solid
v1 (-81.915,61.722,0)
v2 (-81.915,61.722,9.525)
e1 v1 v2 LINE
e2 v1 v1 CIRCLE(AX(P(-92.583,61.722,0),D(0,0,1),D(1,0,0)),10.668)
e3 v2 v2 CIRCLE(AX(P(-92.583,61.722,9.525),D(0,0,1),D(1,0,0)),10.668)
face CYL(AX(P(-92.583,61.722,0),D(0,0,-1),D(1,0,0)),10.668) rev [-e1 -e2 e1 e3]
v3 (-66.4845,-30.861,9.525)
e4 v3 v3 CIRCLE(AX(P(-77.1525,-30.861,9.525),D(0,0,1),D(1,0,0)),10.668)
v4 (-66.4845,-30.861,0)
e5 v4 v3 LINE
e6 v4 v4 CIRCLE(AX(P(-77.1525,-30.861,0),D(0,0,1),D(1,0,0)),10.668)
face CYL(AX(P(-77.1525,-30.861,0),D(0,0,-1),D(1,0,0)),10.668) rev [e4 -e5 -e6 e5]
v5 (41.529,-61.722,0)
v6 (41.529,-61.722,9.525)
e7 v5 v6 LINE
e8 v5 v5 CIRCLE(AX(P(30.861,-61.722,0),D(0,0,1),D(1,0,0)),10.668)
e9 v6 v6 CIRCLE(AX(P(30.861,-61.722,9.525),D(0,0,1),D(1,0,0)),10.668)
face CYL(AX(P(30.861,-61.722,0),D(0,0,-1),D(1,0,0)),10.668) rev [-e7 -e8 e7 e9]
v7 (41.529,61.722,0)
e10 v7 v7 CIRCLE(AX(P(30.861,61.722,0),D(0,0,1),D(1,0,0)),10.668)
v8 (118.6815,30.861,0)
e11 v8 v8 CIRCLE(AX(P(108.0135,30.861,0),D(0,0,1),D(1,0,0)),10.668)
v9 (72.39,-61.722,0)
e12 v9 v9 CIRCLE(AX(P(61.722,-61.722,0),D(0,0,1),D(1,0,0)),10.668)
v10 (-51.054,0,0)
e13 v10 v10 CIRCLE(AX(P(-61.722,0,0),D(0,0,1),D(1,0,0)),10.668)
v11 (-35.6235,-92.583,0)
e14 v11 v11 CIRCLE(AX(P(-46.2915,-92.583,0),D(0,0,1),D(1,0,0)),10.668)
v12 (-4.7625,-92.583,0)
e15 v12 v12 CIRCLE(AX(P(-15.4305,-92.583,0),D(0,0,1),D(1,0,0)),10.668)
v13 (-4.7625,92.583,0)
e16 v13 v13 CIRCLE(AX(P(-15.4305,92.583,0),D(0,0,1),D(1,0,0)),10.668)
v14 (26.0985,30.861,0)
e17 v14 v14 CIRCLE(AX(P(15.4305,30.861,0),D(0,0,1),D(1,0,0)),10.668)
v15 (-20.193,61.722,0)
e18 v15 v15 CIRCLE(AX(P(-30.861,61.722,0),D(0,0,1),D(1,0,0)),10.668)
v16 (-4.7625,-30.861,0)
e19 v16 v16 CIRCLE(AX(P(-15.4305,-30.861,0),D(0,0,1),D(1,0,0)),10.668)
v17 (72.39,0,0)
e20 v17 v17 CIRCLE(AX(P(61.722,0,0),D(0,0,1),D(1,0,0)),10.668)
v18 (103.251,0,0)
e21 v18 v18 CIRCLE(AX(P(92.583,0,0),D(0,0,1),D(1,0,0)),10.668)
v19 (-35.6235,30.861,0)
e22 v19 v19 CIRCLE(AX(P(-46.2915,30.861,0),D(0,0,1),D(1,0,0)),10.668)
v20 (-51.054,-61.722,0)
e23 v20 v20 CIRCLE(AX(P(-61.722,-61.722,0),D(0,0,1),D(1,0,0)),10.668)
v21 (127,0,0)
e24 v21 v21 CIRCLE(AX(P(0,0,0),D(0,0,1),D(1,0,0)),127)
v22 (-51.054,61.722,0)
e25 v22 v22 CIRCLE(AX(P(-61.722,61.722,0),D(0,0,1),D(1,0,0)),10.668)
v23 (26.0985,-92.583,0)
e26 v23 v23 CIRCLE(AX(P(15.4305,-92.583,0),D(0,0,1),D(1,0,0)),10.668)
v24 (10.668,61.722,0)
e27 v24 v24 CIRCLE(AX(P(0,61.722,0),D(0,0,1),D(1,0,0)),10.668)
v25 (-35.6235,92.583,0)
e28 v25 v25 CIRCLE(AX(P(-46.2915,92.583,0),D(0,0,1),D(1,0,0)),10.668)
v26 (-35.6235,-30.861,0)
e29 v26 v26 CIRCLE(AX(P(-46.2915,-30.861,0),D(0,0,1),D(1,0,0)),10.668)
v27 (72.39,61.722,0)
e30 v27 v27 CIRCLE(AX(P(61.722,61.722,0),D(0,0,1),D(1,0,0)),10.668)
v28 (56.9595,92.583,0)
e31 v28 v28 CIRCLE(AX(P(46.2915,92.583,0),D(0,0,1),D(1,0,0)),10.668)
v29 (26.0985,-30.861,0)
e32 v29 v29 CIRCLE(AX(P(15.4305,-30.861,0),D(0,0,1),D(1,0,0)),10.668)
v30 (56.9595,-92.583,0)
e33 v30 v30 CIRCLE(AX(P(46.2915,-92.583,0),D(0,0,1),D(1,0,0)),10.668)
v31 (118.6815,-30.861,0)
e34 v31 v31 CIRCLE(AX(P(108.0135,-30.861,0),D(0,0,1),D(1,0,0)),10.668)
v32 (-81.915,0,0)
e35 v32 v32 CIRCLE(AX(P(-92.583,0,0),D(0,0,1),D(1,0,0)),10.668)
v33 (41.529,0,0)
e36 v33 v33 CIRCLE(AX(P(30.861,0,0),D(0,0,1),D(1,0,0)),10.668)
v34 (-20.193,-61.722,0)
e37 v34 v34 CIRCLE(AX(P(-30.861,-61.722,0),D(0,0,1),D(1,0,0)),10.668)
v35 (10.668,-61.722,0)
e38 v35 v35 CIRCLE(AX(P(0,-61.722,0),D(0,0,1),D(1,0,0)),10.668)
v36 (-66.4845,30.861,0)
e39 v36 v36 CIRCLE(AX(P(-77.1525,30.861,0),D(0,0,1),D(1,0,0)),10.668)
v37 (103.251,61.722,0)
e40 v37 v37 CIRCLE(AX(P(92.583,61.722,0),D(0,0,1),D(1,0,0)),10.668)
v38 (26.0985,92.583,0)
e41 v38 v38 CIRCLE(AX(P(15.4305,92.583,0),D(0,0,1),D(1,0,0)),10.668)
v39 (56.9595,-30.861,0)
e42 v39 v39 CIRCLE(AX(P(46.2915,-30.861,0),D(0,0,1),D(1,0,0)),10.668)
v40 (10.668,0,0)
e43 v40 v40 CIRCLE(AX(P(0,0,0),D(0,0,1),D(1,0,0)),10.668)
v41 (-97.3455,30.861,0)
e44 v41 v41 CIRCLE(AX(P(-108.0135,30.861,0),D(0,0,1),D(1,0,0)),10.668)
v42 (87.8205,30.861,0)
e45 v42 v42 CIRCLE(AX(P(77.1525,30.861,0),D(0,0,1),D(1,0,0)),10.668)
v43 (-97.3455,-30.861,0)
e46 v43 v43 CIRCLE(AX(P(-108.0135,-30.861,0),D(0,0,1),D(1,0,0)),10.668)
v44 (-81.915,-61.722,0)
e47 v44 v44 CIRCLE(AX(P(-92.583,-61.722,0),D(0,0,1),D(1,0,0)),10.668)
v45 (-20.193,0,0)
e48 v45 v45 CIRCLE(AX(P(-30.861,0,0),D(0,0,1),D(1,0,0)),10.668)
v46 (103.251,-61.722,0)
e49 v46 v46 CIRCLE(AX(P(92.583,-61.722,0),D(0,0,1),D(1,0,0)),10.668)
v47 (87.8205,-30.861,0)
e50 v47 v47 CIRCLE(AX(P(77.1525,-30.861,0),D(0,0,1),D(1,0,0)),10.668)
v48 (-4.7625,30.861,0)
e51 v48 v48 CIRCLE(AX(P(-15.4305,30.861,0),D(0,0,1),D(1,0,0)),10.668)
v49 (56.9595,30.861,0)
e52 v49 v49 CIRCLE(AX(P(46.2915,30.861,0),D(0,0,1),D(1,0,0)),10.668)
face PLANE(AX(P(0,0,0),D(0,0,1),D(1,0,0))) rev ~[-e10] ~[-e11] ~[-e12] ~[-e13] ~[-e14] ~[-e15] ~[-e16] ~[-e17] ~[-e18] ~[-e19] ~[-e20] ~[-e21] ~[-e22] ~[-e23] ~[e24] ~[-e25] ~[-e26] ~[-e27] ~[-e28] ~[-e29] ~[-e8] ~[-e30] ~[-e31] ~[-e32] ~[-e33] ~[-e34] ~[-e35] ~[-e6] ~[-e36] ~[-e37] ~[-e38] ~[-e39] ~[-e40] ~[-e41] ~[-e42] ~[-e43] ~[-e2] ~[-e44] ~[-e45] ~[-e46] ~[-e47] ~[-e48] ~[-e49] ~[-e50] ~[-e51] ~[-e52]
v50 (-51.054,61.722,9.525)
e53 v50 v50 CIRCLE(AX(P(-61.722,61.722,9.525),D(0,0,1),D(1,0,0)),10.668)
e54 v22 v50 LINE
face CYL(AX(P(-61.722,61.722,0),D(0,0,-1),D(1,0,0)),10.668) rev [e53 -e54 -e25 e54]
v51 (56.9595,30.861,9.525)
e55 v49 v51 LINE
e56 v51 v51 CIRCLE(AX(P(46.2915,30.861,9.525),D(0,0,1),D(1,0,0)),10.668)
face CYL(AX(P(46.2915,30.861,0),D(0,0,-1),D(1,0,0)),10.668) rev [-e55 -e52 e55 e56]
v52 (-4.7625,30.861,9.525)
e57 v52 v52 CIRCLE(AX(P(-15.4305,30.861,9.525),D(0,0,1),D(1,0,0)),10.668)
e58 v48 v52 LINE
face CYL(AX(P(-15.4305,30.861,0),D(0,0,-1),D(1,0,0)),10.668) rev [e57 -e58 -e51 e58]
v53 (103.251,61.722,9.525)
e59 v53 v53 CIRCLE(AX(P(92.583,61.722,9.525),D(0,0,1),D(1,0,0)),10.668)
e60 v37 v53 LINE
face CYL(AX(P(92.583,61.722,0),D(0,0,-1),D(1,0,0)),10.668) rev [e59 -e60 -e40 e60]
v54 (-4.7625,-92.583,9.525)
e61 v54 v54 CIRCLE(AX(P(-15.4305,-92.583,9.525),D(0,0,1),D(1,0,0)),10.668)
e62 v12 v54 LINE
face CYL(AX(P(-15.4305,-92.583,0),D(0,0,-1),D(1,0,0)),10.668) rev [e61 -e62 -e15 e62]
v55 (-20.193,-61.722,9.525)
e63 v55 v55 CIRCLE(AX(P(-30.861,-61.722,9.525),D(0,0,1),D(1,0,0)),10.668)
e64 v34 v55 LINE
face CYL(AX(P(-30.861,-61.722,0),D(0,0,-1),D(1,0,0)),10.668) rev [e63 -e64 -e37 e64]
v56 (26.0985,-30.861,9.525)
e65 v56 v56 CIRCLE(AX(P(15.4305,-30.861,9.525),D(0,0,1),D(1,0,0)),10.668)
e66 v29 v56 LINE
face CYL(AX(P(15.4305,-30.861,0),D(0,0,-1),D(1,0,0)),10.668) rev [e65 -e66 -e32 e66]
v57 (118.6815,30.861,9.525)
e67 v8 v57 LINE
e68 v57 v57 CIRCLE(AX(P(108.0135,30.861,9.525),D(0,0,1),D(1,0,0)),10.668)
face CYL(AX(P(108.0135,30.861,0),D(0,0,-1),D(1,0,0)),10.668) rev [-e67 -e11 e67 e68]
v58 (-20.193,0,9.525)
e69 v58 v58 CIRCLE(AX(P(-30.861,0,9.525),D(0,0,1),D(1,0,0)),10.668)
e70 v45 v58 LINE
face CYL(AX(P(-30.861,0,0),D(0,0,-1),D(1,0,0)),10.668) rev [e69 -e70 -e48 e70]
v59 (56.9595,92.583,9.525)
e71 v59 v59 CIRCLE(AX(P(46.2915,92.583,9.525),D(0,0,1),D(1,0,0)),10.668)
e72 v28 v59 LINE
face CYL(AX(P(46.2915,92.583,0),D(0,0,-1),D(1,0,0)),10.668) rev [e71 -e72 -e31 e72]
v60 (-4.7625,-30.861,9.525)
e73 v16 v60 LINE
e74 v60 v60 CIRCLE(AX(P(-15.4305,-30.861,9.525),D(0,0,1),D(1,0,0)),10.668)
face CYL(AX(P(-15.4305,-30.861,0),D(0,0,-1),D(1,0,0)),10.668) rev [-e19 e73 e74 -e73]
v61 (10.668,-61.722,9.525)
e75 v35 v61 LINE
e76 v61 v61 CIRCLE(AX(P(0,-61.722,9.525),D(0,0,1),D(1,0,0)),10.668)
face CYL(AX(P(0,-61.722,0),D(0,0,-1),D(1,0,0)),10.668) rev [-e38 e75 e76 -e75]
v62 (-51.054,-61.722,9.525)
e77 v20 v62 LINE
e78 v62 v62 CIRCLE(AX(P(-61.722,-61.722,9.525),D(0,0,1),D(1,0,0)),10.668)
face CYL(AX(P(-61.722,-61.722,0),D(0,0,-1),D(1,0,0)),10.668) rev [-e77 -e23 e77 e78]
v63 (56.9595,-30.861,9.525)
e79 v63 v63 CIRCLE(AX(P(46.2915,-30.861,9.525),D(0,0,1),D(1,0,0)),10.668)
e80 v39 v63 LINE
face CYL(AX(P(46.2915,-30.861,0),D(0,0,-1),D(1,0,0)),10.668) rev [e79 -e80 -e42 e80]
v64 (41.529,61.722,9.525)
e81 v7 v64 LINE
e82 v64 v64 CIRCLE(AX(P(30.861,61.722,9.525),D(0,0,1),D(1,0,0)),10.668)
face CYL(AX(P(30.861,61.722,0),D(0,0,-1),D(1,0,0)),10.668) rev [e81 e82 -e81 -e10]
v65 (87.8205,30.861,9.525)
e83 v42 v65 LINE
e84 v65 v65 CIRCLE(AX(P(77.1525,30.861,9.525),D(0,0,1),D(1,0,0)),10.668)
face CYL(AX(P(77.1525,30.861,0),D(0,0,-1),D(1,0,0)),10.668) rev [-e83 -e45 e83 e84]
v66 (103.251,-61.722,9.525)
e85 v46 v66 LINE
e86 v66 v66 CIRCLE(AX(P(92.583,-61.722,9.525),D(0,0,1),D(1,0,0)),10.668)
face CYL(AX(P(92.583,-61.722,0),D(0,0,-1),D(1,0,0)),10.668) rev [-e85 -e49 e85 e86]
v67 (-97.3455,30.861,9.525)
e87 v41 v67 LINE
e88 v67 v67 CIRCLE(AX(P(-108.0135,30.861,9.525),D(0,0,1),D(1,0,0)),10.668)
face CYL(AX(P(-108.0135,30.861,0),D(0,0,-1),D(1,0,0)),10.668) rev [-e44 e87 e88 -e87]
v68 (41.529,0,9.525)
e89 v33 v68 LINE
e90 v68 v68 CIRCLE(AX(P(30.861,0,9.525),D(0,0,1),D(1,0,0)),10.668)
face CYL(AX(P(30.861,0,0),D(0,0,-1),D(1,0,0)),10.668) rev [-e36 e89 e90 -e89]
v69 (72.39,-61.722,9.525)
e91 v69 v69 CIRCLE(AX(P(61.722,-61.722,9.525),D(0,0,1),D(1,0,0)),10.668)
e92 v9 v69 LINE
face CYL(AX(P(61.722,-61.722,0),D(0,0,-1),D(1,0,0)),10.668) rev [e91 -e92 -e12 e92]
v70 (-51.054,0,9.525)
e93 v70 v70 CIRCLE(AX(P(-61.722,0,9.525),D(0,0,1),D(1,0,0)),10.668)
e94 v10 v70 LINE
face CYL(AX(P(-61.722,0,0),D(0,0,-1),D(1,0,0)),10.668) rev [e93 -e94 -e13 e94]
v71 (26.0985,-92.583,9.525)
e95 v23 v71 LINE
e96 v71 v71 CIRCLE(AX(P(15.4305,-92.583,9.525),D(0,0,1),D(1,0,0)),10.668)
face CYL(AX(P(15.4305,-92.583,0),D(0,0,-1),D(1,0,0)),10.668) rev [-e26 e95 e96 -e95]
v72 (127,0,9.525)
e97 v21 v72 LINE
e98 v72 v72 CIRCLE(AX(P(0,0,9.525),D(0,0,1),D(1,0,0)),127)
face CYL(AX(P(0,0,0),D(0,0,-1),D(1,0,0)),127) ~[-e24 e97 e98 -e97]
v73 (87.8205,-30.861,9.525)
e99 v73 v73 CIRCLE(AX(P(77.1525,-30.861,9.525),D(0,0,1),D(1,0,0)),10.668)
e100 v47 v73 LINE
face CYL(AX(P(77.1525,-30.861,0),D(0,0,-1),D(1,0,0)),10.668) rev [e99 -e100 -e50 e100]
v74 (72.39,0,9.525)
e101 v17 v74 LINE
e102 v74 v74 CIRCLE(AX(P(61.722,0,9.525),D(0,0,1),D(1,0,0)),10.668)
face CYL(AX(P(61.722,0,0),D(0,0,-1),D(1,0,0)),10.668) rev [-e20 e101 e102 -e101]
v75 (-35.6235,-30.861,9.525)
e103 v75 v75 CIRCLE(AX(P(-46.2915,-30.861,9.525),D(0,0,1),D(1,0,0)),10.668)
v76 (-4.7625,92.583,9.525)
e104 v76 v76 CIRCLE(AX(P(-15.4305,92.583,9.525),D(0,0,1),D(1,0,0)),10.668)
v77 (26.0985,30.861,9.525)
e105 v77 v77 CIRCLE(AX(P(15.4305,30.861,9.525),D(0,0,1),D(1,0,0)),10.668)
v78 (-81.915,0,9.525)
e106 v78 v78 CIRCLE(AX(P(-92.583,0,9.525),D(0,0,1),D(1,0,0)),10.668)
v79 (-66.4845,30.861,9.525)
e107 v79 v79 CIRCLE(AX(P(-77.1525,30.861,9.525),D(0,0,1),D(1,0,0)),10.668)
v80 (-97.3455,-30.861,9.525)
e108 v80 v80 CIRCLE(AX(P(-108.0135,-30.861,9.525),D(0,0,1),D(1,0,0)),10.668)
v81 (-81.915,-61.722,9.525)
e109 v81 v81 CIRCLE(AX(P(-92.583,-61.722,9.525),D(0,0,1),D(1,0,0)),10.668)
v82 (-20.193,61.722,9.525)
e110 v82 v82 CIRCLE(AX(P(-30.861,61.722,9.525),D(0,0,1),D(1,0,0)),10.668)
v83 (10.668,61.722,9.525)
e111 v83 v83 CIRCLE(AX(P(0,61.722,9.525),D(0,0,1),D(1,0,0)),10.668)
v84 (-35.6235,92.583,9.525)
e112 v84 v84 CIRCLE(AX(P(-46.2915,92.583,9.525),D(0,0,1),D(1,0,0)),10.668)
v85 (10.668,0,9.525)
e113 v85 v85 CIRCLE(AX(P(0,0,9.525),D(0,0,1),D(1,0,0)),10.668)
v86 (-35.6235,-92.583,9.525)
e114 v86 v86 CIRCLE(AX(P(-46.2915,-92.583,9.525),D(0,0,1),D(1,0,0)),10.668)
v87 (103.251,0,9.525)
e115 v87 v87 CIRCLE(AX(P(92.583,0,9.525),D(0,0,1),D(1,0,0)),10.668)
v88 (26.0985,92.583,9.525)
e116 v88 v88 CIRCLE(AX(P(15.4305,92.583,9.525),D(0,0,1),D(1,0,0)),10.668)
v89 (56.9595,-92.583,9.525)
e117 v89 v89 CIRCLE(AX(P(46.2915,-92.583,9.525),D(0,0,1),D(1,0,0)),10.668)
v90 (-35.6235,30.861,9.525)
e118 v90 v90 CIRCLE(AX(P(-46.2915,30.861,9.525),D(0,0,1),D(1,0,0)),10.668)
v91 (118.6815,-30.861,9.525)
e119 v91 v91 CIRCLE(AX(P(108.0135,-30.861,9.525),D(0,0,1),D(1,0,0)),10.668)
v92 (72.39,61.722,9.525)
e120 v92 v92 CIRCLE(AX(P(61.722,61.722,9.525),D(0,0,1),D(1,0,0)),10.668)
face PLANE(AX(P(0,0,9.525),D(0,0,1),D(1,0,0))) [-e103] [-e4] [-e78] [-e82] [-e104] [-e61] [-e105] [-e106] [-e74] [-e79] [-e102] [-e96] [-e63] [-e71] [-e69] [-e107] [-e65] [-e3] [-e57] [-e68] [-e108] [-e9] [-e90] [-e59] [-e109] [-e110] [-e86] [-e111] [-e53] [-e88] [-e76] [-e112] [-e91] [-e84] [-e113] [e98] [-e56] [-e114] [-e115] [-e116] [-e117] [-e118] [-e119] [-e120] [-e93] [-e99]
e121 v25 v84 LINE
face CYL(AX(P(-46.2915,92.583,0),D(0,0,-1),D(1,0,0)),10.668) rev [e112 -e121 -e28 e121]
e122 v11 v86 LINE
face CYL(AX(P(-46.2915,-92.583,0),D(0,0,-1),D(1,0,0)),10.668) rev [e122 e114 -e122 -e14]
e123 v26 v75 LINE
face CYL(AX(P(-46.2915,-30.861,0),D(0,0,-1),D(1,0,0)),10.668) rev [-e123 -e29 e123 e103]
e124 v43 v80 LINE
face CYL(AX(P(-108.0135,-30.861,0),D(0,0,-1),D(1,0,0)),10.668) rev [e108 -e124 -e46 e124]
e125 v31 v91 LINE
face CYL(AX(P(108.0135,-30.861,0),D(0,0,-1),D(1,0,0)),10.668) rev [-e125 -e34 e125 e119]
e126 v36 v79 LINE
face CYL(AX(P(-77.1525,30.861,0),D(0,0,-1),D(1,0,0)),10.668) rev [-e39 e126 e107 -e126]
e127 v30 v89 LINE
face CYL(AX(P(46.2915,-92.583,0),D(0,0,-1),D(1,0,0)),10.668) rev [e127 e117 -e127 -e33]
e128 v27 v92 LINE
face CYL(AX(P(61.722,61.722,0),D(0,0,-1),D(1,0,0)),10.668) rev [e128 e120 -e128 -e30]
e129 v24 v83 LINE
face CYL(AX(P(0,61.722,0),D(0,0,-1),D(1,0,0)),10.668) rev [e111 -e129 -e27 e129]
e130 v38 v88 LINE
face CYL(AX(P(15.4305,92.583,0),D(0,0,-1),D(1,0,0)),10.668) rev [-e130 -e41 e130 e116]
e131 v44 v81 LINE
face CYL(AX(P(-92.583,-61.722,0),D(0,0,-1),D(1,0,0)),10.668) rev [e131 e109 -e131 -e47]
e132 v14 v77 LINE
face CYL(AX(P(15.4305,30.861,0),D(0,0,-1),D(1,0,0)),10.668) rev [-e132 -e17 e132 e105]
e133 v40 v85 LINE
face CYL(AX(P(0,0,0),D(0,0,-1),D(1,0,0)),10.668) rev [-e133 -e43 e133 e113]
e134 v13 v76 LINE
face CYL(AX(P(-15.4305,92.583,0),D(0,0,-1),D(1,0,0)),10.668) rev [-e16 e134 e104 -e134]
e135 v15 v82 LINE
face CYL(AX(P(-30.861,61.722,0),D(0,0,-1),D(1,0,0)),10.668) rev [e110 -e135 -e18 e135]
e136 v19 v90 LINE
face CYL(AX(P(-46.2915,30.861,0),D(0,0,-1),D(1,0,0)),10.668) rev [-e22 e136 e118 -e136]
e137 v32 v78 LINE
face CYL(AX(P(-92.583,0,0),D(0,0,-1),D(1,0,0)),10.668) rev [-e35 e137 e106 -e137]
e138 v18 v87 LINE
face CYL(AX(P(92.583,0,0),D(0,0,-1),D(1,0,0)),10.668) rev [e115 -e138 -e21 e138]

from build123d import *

# Parameters (mm, degrees)
F0_R     = 127
F0_R_2   = 10.668
F1_DEPTH = 9.525


with BuildPart() as f1:
    # F0 (on Top) → F1 (new body)
    with BuildSketch(Plane.XY):
        Circle(F0_R)
        with Locations((-46.2915, -92.583)):
            Circle(F0_R_2, mode=Mode.SUBTRACT)
        with Locations((-15.4305, -92.583)):
            Circle(F0_R_2, mode=Mode.SUBTRACT)
        with Locations((-92.583, -61.722)):
            Circle(F0_R_2, mode=Mode.SUBTRACT)
        with Locations((-108.0135, -30.861)):
            Circle(F0_R_2, mode=Mode.SUBTRACT)
        with Locations((-77.1525, -30.861)):
            Circle(F0_R_2, mode=Mode.SUBTRACT)
        with Locations((-61.722, -61.722)):
            Circle(F0_R_2, mode=Mode.SUBTRACT)
        with Locations((-30.861, -61.722)):
            Circle(F0_R_2, mode=Mode.SUBTRACT)
        with Locations((-46.2915, -30.861)):
            Circle(F0_R_2, mode=Mode.SUBTRACT)
        with Locations((-15.4305, -30.861)):
            Circle(F0_R_2, mode=Mode.SUBTRACT)
        with Locations((15.4305, -92.583)):
            Circle(F0_R_2, mode=Mode.SUBTRACT)
        with Locations((46.2915, -92.583)):
            Circle(F0_R_2, mode=Mode.SUBTRACT)
        with Locations((0, -61.722)):
            Circle(F0_R_2, mode=Mode.SUBTRACT)
        with Locations((30.861, -61.722)):
            Circle(F0_R_2, mode=Mode.SUBTRACT)
        with Locations((61.722, -61.722)):
            Circle(F0_R_2, mode=Mode.SUBTRACT)
        with Locations((15.4305, -30.861)):
            Circle(F0_R_2, mode=Mode.SUBTRACT)
        with Locations((46.2915, -30.861)):
            Circle(F0_R_2, mode=Mode.SUBTRACT)
        with Locations((92.583, -61.722)):
            Circle(F0_R_2, mode=Mode.SUBTRACT)
        with Locations((77.1525, -30.861)):
            Circle(F0_R_2, mode=Mode.SUBTRACT)
        with Locations((108.0135, -30.861)):
            Circle(F0_R_2, mode=Mode.SUBTRACT)
        with Locations((-108.0135, 30.861)):
            Circle(F0_R_2, mode=Mode.SUBTRACT)
        with Locations((-92.583, 0)):
            Circle(F0_R_2, mode=Mode.SUBTRACT)
        with Locations((-77.1525, 30.861)):
            Circle(F0_R_2, mode=Mode.SUBTRACT)
        with Locations((-92.583, 61.722)):
            Circle(F0_R_2, mode=Mode.SUBTRACT)
        with Locations((-61.722, 0)):
            Circle(F0_R_2, mode=Mode.SUBTRACT)
        with Locations((-46.2915, 30.861)):
            Circle(F0_R_2, mode=Mode.SUBTRACT)
        with Locations((-30.861, 0)):
            Circle(F0_R_2, mode=Mode.SUBTRACT)
        with Locations((-15.4305, 30.861)):
            Circle(F0_R_2, mode=Mode.SUBTRACT)
        with Locations((-61.722, 61.722)):
            Circle(F0_R_2, mode=Mode.SUBTRACT)
        with Locations((-30.861, 61.722)):
            Circle(F0_R_2, mode=Mode.SUBTRACT)
        with Locations((-46.2915, 92.583)):
            Circle(F0_R_2, mode=Mode.SUBTRACT)
        with Locations((-15.4305, 92.583)):
            Circle(F0_R_2, mode=Mode.SUBTRACT)
        Circle(F0_R_2, mode=Mode.SUBTRACT)
        with Locations((30.861, 0)):
            Circle(F0_R_2, mode=Mode.SUBTRACT)
        with Locations((15.4305, 30.861)):
            Circle(F0_R_2, mode=Mode.SUBTRACT)
        with Locations((61.722, 0)):
            Circle(F0_R_2, mode=Mode.SUBTRACT)
        with Locations((46.2915, 30.861)):
            Circle(F0_R_2, mode=Mode.SUBTRACT)
        with Locations((0, 61.722)):
            Circle(F0_R_2, mode=Mode.SUBTRACT)
        with Locations((30.861, 61.722)):
            Circle(F0_R_2, mode=Mode.SUBTRACT)
        with Locations((61.722, 61.722)):
            Circle(F0_R_2, mode=Mode.SUBTRACT)
        with Locations((92.583, 0)):
            Circle(F0_R_2, mode=Mode.SUBTRACT)
        with Locations((77.1525, 30.861)):
            Circle(F0_R_2, mode=Mode.SUBTRACT)
        with Locations((108.0135, 30.861)):
            Circle(F0_R_2, mode=Mode.SUBTRACT)
        with Locations((92.583, 61.722)):
            Circle(F0_R_2, mode=Mode.SUBTRACT)
        with Locations((15.4305, 92.583)):
            Circle(F0_R_2, mode=Mode.SUBTRACT)
        with Locations((46.2915, 92.583)):
            Circle(F0_R_2, mode=Mode.SUBTRACT)
    extrude(amount=F1_DEPTH)


solid = f1.part
